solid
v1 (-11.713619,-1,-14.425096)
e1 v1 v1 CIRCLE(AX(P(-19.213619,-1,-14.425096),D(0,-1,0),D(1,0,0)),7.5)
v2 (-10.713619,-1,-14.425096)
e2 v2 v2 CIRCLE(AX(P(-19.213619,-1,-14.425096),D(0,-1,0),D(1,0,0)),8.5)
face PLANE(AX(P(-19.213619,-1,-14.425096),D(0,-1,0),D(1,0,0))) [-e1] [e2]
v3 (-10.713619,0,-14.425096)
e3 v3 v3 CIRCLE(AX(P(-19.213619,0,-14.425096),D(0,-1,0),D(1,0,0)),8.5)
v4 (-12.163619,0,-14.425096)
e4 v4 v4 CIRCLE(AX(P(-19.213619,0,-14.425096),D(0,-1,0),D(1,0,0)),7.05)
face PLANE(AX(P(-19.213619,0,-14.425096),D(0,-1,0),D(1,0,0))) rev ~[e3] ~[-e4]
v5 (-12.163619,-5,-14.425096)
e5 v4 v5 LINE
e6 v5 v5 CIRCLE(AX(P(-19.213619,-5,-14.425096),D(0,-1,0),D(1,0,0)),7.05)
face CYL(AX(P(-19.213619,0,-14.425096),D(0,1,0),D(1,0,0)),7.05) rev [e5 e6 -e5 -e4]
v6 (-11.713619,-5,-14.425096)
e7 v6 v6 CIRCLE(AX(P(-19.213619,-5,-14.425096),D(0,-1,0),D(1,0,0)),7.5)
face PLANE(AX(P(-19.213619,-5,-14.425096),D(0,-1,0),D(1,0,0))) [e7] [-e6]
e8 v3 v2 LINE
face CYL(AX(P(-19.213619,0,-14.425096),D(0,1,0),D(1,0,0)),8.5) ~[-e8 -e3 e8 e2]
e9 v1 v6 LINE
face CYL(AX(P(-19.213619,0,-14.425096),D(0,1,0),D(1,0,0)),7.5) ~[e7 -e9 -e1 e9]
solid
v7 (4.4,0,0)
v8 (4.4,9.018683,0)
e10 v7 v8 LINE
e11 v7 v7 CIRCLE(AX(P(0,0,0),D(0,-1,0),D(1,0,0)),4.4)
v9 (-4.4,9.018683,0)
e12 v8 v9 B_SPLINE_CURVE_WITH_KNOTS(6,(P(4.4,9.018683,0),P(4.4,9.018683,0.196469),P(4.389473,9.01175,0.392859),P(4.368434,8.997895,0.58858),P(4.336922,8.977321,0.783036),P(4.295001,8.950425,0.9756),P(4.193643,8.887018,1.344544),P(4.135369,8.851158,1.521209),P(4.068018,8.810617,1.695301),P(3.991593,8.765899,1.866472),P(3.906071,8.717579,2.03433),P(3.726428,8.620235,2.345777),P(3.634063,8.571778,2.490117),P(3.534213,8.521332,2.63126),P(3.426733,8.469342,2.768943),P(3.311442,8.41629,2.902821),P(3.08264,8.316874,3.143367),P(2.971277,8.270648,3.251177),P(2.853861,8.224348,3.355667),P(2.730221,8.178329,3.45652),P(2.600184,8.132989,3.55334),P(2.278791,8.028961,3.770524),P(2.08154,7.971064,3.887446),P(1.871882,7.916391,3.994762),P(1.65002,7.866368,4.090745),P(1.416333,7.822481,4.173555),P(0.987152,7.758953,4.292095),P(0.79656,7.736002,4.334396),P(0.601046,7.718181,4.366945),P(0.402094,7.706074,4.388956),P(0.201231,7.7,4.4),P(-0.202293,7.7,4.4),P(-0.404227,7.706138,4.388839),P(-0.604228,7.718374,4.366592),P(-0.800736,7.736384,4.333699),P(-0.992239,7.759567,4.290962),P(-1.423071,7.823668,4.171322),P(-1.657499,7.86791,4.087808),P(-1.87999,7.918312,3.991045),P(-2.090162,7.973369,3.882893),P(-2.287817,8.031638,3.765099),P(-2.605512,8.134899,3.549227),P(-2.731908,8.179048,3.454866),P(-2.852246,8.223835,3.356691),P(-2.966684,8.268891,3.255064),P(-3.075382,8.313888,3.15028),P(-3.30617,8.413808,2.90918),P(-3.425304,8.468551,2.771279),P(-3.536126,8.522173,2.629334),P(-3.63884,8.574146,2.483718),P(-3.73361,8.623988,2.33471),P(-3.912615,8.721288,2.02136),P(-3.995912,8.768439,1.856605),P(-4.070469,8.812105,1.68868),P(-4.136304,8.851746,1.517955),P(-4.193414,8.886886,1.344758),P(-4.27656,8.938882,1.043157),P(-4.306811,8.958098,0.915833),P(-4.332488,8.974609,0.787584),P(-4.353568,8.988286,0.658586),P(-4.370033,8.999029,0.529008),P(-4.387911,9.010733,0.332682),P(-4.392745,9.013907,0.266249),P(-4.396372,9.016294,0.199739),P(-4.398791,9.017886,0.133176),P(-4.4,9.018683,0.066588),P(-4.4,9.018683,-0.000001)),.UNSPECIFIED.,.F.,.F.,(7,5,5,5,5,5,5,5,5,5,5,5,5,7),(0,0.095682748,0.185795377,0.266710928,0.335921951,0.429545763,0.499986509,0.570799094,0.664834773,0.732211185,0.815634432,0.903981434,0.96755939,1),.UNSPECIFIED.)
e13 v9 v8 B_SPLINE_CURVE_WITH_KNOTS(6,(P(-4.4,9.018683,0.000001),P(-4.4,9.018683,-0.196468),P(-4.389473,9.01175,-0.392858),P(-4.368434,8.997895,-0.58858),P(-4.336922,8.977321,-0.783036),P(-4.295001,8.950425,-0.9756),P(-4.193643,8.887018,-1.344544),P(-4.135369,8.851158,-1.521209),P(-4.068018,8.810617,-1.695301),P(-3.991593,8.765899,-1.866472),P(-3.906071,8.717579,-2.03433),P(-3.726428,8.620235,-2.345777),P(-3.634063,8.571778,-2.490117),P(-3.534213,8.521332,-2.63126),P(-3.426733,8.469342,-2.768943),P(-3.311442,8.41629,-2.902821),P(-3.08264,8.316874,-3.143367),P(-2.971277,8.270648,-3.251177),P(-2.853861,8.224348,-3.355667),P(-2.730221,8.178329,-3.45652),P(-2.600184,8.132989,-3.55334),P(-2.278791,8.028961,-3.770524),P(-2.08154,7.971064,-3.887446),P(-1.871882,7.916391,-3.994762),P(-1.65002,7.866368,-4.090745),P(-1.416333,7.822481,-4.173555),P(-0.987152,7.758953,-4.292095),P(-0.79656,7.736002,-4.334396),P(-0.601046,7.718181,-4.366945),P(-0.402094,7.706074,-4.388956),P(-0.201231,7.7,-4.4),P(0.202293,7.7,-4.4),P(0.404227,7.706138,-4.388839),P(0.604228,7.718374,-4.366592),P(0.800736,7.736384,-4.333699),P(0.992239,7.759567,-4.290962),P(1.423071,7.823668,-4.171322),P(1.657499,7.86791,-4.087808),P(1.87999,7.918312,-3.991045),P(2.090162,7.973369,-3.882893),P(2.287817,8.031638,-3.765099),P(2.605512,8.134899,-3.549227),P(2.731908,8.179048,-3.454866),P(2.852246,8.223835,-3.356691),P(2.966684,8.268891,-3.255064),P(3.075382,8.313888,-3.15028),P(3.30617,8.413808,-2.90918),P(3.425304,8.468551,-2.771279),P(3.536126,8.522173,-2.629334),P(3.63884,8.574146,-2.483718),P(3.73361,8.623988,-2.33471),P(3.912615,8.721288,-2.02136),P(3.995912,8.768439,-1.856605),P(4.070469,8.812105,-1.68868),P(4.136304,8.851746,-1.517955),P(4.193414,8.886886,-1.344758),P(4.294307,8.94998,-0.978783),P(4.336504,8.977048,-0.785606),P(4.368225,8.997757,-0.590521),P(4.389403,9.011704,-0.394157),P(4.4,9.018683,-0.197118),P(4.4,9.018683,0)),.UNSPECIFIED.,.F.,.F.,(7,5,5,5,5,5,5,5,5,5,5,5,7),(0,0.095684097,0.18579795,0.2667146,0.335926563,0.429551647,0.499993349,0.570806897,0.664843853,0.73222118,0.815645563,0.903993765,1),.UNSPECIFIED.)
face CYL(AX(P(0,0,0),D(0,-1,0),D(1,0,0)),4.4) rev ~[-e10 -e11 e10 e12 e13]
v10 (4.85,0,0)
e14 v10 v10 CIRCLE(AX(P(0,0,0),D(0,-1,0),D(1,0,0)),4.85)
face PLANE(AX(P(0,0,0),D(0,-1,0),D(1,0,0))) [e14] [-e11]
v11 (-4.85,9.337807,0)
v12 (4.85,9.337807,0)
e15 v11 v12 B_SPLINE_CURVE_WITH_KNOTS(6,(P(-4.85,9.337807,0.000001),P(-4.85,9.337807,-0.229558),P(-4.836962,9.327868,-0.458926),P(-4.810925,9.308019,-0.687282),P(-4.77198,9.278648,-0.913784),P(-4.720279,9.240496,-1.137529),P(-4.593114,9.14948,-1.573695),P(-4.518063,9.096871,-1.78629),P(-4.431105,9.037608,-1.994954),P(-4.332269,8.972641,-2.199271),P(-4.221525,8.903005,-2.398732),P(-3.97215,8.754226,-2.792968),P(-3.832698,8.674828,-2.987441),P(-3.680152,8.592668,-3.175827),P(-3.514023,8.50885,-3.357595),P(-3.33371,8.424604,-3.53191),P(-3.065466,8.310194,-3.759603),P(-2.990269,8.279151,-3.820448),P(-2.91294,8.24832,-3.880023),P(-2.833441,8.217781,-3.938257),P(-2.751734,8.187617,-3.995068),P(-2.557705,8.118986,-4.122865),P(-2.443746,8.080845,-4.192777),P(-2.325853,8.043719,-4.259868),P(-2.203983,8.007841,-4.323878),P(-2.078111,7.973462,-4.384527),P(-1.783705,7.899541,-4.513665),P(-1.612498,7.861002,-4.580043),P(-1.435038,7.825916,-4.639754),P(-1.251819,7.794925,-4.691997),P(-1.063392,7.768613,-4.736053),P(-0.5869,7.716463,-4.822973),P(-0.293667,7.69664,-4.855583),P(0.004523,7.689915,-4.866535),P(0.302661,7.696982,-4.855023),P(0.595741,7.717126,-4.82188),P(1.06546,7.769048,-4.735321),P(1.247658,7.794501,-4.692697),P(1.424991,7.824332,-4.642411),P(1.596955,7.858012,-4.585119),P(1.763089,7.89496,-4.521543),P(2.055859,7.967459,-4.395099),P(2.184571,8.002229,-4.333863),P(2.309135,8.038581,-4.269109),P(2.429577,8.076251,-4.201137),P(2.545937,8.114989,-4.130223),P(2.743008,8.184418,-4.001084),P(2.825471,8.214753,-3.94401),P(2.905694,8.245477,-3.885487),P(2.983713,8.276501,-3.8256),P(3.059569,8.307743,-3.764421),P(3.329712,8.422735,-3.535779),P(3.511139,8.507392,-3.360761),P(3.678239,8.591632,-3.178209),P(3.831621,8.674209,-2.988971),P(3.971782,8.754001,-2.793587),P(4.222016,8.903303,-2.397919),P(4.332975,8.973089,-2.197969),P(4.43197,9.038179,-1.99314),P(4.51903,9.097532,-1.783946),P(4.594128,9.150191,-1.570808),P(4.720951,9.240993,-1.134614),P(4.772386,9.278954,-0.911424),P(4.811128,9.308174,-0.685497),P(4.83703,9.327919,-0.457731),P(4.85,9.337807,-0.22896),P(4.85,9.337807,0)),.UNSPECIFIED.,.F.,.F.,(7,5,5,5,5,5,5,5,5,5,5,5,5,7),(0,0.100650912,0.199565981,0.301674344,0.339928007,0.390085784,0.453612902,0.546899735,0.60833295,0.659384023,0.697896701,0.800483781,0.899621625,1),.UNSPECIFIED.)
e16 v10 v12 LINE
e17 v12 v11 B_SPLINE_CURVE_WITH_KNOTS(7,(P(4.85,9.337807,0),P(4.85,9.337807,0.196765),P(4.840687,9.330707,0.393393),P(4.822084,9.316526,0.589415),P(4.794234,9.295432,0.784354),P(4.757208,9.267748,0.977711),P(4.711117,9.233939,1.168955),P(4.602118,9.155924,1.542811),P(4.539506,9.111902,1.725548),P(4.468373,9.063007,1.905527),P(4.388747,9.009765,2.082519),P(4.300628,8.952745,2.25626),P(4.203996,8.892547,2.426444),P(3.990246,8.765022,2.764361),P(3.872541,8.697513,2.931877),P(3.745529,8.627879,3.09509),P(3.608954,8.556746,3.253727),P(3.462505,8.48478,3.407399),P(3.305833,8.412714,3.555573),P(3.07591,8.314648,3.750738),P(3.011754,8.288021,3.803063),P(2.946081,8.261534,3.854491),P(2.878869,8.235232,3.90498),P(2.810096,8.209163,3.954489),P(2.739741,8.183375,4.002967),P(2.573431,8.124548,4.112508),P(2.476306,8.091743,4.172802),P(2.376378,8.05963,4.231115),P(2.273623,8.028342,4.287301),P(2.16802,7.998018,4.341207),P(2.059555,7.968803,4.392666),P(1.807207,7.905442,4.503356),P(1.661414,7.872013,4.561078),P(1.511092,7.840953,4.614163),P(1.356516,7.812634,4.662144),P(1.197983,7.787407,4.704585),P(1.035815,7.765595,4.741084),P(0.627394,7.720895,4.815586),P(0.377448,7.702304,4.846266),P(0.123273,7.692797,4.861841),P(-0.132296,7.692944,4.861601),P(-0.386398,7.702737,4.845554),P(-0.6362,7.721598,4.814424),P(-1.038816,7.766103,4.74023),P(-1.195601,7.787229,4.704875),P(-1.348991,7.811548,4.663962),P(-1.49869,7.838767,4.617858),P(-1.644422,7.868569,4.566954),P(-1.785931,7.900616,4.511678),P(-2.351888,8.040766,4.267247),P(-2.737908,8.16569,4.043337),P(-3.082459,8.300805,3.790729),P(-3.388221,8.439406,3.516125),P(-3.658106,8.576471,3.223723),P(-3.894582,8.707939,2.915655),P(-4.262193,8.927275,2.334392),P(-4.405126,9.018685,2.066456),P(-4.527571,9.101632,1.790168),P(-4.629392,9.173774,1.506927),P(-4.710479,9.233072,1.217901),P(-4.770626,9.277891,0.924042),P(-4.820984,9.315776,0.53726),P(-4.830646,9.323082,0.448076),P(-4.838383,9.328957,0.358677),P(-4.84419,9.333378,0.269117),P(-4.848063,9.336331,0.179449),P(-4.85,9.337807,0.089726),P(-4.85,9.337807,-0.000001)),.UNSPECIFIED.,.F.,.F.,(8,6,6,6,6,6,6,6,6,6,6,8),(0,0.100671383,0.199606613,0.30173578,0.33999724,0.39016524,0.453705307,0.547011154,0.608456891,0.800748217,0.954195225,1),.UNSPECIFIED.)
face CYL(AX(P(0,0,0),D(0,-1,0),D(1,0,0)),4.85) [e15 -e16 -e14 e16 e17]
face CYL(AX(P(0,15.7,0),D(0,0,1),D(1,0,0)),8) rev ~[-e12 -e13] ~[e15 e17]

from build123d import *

# Parameters (mm, degrees)
F0_R          = 4.85
F0_R_2        = 4.4
F1_DEPTH      = 10
F2_R          = 8
F3_DEPTH      = 25
F3_DEPTH_BACK = 25
F4_R          = 7.5
F4_R_2        = 7.05
F5_DEPTH      = 5
F4_R_3        = 8.5
F6_DEPTH      = 1


with BuildPart() as f1:
    # F0 (on Front) → F1 (new body)
    with BuildSketch(Plane.XZ):
        Circle(F0_R)
        Circle(F0_R_2, mode=Mode.SUBTRACT)
    extrude(amount=-F1_DEPTH)

    # F2 (on Top) → F3 (cut, two sides)
    with BuildSketch(Plane.XY) as f3_sk:
        with Locations((0, 15.7)):
            Circle(F2_R)
    extrude(amount=-F3_DEPTH, mode=Mode.SUBTRACT)
    extrude(f3_sk.sketch, amount=F3_DEPTH_BACK, mode=Mode.SUBTRACT)


with BuildPart() as f5:
    # F4 (on Front) → F5 (new body)
    with BuildSketch(Plane.XZ):
        with Locations((-19.2136187106, -14.4250961021)):
            Circle(F4_R)
        with Locations((-19.2136187106, -14.4250961021)):
            Circle(F4_R_2, mode=Mode.SUBTRACT)
    extrude(amount=F5_DEPTH)

    # F4 (on Front) → F6 (join)
    with BuildSketch(Plane.XZ):
        with Locations((-19.2136187106, -14.4250961021)):
            Circle(F4_R_3)
        with Locations((-19.2136187106, -14.4250961021)):
            Circle(F4_R, mode=Mode.SUBTRACT)
    extrude(amount=F6_DEPTH)


solid = Compound([f1.part, f5.part])
